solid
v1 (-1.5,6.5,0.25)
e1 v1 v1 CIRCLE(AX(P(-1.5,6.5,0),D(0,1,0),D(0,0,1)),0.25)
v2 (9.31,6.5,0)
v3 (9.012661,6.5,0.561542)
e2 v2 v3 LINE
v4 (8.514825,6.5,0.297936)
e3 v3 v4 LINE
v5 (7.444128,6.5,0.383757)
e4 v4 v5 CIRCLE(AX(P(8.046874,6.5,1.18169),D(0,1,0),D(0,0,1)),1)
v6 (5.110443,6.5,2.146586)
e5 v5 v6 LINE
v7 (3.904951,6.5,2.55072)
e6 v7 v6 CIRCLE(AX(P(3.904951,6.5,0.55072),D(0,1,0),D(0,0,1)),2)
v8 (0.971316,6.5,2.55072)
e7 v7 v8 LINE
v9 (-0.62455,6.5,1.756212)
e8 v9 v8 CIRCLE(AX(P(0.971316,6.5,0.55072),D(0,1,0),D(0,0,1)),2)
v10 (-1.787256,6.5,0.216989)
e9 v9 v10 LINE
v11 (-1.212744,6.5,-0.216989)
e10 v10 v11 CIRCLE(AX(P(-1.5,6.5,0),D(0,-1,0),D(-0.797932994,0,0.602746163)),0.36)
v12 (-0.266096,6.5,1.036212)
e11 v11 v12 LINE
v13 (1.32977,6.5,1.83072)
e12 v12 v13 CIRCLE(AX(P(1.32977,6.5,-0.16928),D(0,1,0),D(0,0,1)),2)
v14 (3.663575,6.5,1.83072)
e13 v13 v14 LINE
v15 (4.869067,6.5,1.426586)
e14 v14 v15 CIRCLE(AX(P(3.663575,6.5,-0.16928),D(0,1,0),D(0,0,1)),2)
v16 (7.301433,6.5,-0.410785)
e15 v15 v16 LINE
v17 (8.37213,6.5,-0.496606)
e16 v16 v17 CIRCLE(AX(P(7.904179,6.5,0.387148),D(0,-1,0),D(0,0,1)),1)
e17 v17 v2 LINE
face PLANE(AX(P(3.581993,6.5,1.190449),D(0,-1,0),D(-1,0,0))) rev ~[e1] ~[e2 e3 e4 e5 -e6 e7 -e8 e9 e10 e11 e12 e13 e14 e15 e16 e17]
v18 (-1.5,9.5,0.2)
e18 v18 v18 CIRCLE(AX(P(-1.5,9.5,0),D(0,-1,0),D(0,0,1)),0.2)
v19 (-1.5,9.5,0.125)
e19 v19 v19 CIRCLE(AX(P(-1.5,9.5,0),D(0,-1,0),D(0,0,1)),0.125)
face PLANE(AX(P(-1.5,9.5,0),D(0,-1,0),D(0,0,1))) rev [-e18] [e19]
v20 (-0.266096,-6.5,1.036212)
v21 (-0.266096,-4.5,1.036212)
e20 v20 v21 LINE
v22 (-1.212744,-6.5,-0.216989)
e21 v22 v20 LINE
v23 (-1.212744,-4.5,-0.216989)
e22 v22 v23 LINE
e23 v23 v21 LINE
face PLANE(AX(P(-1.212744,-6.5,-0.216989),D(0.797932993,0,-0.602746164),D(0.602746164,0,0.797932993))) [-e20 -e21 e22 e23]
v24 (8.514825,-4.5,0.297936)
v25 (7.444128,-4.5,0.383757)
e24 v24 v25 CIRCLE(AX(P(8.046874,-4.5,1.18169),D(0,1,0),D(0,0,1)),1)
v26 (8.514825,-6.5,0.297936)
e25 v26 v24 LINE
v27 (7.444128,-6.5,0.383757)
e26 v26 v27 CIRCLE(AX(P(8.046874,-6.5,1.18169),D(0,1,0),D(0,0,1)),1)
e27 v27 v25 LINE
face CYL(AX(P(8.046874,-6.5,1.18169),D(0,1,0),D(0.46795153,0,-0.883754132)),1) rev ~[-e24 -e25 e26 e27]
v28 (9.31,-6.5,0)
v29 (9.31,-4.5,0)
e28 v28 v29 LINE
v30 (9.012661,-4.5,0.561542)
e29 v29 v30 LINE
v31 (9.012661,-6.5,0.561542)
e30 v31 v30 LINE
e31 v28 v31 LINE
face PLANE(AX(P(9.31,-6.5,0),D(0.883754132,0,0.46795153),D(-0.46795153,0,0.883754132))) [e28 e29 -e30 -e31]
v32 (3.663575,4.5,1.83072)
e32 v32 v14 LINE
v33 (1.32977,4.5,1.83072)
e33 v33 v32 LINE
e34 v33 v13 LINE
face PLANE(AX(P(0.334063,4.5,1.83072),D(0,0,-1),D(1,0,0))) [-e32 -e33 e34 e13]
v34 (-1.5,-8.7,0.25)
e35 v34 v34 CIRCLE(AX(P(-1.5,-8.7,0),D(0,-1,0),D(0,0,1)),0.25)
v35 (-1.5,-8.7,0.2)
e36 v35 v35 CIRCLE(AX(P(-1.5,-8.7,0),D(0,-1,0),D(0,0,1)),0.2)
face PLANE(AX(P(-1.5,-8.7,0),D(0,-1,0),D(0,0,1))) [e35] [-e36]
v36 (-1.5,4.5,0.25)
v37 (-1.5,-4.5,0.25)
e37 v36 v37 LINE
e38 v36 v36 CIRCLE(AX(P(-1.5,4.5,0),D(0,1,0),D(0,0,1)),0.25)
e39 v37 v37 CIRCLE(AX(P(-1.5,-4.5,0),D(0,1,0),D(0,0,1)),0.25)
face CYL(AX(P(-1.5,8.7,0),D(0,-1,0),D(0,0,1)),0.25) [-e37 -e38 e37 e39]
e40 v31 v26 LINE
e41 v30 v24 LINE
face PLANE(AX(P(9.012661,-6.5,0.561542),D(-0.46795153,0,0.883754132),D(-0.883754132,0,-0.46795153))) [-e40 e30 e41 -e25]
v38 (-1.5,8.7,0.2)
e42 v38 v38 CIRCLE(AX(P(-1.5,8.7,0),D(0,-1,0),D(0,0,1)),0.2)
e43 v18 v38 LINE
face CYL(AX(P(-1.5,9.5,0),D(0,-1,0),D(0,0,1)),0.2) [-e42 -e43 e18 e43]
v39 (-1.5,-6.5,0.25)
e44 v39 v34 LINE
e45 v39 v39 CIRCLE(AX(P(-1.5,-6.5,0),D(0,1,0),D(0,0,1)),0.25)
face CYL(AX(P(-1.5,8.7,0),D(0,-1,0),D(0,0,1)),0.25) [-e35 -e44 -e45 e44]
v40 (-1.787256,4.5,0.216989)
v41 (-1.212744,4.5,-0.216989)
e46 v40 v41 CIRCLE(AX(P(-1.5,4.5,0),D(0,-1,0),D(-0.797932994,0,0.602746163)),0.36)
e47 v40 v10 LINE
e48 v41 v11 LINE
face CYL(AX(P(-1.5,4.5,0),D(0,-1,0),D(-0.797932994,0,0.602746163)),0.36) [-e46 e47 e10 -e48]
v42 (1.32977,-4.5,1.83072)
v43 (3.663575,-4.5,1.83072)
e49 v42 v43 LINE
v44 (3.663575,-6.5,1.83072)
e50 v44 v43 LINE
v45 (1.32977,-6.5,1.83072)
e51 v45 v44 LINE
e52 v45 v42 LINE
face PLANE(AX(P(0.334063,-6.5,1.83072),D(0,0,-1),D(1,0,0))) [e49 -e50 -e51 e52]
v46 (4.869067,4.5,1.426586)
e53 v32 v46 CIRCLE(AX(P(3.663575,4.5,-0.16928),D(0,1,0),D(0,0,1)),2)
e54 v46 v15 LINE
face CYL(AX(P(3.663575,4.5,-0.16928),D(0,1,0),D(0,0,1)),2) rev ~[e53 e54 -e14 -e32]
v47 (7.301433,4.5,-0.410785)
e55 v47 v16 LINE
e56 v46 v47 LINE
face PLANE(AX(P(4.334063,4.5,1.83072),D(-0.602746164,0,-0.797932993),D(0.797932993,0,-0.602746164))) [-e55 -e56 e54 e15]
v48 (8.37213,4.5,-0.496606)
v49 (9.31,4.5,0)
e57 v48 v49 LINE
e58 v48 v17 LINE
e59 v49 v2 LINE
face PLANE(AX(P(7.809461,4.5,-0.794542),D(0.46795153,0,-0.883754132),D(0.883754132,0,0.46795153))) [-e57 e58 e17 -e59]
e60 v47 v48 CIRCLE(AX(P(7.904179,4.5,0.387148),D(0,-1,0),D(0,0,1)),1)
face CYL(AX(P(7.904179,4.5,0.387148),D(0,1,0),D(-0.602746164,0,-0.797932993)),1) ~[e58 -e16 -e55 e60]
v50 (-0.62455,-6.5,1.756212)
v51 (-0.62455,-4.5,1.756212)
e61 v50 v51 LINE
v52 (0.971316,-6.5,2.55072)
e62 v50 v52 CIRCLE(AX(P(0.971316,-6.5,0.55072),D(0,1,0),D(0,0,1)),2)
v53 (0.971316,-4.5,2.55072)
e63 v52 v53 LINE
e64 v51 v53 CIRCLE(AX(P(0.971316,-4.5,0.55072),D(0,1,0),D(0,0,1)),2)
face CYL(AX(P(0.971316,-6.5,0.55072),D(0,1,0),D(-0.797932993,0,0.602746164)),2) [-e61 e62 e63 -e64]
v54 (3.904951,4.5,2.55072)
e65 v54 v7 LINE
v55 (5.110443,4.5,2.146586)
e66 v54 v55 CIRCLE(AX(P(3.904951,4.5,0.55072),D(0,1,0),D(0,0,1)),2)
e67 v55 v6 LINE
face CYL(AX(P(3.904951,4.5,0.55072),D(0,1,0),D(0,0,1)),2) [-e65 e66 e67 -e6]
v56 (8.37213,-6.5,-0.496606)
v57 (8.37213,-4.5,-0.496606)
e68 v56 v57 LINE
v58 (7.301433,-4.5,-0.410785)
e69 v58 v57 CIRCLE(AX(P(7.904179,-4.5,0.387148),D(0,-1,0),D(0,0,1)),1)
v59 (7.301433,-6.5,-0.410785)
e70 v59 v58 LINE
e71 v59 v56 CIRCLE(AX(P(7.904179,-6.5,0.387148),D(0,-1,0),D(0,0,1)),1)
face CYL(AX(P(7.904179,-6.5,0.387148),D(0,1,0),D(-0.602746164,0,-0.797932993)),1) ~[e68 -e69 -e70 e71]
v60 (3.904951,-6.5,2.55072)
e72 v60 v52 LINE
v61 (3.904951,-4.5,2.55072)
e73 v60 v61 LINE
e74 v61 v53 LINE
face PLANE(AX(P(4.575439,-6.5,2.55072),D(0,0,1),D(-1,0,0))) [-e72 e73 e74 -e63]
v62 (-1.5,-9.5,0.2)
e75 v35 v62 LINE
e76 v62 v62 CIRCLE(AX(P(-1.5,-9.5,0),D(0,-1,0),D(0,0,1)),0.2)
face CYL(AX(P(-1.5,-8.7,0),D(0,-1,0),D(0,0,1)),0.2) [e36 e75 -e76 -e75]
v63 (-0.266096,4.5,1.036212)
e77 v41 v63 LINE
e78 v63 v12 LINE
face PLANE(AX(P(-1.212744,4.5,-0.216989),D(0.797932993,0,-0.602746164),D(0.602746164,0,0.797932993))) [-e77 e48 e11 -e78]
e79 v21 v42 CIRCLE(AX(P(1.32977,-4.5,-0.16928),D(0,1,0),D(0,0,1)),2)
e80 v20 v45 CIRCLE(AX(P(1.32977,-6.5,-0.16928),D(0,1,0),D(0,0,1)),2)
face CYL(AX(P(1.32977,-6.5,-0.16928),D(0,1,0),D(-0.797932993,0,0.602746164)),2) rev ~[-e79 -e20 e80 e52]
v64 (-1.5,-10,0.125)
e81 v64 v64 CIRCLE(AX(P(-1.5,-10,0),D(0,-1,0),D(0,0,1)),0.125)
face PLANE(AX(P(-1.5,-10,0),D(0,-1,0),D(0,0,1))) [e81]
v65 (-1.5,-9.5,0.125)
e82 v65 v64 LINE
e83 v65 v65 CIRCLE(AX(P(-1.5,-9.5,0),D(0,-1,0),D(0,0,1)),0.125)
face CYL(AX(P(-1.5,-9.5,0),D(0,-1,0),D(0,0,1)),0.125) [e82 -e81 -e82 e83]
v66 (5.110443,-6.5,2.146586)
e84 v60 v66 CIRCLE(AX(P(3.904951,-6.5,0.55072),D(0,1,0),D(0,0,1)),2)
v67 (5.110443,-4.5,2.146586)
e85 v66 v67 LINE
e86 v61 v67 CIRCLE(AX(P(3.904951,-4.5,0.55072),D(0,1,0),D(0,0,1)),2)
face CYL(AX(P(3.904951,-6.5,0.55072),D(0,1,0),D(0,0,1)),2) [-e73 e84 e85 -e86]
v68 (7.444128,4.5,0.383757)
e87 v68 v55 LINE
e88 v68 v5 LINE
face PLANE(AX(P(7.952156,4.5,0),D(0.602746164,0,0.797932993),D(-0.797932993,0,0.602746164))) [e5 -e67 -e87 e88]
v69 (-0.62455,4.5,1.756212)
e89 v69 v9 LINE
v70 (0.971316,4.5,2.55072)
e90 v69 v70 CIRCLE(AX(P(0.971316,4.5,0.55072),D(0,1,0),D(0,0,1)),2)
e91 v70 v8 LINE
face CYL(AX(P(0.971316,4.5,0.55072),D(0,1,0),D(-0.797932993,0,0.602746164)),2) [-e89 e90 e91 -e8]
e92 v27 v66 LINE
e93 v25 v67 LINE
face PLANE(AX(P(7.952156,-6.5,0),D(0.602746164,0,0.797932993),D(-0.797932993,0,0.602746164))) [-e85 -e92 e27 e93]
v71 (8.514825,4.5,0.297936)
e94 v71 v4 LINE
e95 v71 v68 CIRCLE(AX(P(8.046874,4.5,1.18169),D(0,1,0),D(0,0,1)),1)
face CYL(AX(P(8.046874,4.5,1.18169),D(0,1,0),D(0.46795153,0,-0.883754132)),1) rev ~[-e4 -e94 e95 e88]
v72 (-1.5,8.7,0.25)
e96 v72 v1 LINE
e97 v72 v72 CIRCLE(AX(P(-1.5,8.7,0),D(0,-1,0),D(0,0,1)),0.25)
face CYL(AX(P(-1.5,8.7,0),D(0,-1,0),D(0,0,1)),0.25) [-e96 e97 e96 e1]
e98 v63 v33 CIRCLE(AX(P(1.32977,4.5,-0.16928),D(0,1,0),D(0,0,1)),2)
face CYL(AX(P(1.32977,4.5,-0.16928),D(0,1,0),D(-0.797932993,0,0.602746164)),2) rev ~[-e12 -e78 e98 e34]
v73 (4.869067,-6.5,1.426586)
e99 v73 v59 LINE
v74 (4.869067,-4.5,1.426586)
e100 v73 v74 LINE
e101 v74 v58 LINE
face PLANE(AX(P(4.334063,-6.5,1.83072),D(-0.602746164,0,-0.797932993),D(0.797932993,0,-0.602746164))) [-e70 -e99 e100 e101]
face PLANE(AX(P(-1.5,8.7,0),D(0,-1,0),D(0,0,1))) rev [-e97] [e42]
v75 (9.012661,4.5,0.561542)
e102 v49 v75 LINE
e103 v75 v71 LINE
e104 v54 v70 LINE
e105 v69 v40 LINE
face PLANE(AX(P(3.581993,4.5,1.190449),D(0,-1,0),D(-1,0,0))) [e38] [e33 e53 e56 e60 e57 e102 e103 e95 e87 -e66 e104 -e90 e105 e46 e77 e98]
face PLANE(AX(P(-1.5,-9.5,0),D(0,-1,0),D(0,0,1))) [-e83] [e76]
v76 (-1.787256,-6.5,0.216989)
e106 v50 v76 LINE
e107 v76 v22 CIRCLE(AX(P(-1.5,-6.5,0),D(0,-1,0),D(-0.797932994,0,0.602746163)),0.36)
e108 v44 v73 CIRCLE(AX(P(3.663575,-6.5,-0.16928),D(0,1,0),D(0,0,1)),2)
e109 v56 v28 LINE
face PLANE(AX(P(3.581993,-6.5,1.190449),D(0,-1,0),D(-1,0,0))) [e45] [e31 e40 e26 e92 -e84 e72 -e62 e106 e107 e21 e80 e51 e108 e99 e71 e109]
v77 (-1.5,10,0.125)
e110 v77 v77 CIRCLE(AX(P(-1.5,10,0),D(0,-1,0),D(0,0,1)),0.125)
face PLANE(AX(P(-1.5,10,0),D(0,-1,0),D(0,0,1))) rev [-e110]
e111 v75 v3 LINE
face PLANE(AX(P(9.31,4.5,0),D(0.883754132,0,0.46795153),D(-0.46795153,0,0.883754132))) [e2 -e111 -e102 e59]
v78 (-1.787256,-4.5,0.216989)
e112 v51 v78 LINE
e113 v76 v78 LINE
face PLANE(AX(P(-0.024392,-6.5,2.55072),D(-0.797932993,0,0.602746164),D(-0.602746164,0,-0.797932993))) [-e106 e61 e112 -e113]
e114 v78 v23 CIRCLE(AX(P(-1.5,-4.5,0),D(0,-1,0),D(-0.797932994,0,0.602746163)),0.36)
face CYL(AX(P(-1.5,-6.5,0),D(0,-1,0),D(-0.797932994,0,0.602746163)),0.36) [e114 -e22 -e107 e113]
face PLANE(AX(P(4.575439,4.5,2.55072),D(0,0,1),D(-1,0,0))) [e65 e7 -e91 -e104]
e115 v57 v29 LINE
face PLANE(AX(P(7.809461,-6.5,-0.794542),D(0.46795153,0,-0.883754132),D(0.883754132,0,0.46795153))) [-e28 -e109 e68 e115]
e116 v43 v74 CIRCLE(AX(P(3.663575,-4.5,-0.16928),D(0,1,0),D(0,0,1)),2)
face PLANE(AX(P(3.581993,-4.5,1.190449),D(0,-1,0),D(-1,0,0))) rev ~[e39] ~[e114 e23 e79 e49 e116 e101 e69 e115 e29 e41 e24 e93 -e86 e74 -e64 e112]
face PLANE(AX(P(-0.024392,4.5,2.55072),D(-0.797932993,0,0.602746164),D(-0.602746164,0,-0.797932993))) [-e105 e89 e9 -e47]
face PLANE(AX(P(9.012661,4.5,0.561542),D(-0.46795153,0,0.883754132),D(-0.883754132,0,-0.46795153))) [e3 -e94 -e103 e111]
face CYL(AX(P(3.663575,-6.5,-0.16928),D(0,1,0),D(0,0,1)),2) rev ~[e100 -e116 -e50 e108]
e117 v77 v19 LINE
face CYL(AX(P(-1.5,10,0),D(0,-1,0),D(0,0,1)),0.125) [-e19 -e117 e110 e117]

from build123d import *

# Parameters (mm, degrees)
BOSS_EXTRUDE1_START = 4.5
SKETCH2_R           = 0.25
BOSS_EXTRUDE1_DEPTH = 2
BOSS_EXTRUDE2_START = -6.5
SKETCH2_2_R         = 0.25
BOSS_EXTRUDE2_DEPTH = 2
FILLET1_R           = 2
FILLET2_R           = 2
FILLET3_R           = 1
FILLET4_R           = 1


with BuildPart() as part:
    # Sketch1 → Revolve1 (revolve)
    with BuildSketch(Plane.XY):
        Polygon((-1.75, 8.7), (-1.75, -8.7), (-1.7, -8.7), (-1.7, -9.5), (-1.625, -9.5), (-1.625, -10), (-1.5, -10), (-1.5, 10), (-1.625, 10), (-1.625, 9.5), (-1.7, 9.5), (-1.7, 8.7), align=None)
    revolve(axis=Axis((-1.5, 10, 0), (0, -1, 0)))

    # Sketch2 → Boss-Extrude1 (add)
    with BuildSketch(Plane(origin=(0, 0, 0), x_dir=(1, 0, 0), z_dir=(0, 1, 0)).offset(BOSS_EXTRUDE1_START)):
        with BuildLine():
            Line((-1.212744122, 0.216988619), (0.334063036, -1.830719917))
            Line((0.334063036, -1.830719917), (4.334063036, -1.830719917))
            Line((4.334063036, -1.830719917), (7.809461076, 0.794541672))
            Line((7.809461076, 0.794541672), (9.31, 0))
            Line((9.31, 0), (9.012661236, -0.561541836))
            Line((9.012661236, -0.561541836), (7.952156278, 0))
            Line((7.952156278, 0), (4.575438683, -2.550719917))
            Line((4.575438683, -2.550719917), (-0.024391576, -2.550719917))
            Line((-0.024391576, -2.550719917), (-1.787255878, -0.216988619))
            ThreePointArc((-1.787255878, -0.216988619), (-1.716988619, 0.287255878), (-1.212744122, 0.216988619))
        make_face()
        with Locations((-1.5, 0)):
            Circle(SKETCH2_R, mode=Mode.SUBTRACT)
    extrude(amount=BOSS_EXTRUDE1_DEPTH)

    # Sketch2<2> → Boss-Extrude2 (add)
    with BuildSketch(Plane(origin=(0, 0, 0), x_dir=(1, 0, 0), z_dir=(0, 1, 0)).offset(BOSS_EXTRUDE2_START)):
        with BuildLine():
            Line((-1.212744122, 0.216988619), (0.334063036, -1.830719917))
            Line((0.334063036, -1.830719917), (4.334063036, -1.830719917))
            Line((4.334063036, -1.830719917), (7.809461076, 0.794541672))
            Line((7.809461076, 0.794541672), (9.31, 0))
            Line((9.31, 0), (9.012661236, -0.561541836))
            Line((9.012661236, -0.561541836), (7.952156278, 0))
            Line((7.952156278, 0), (4.575438683, -2.550719917))
            Line((4.575438683, -2.550719917), (-0.024391576, -2.550719917))
            Line((-0.024391576, -2.550719917), (-1.787255878, -0.216988619))
            ThreePointArc((-1.787255878, -0.216988619), (-1.716988619, 0.287255878), (-1.212744122, 0.216988619))
        make_face()
        with Locations((-1.5, 0)):
            Circle(SKETCH2_2_R, mode=Mode.SUBTRACT)
    extrude(amount=BOSS_EXTRUDE2_DEPTH)

    # Fillet1
    fillet1_edges = [part.edges().sort_by_distance(p)[0] for p in [
        (4.334063036, 5.5, 1.830719917),
        (4.334063036, -5.5, 1.830719917),
        (0.334063036, 5.5, 1.830719917),
        (0.334063036, -5.5, 1.830719917),
    ]]
    fillet(fillet1_edges, radius=FILLET1_R)

    # Fillet2
    fillet2_edges = [part.edges().sort_by_distance(p)[0] for p in [
        (4.575438683, -5.5, 2.550719917),
        (-0.024391576, -5.5, 2.550719917),
        (4.575438683, 5.5, 2.550719917),
        (-0.024391576, 5.5, 2.550719917),
    ]]
    fillet(fillet2_edges, radius=FILLET2_R)

    # Fillet3
    fillet3_edges = [part.edges().sort_by_distance(p)[0] for p in [
        (7.809461076, 5.5, -0.794541672),
        (7.809461076, -5.5, -0.794541672),
    ]]
    fillet(fillet3_edges, radius=FILLET3_R)

    # Fillet4
    fillet4_edges = [part.edges().sort_by_distance(p)[0] for p in [
        (7.952156278, -5.5, 0),
        (7.952156278, 5.5, 0),
    ]]
    fillet(fillet4_edges, radius=FILLET4_R)


solid = part.part
